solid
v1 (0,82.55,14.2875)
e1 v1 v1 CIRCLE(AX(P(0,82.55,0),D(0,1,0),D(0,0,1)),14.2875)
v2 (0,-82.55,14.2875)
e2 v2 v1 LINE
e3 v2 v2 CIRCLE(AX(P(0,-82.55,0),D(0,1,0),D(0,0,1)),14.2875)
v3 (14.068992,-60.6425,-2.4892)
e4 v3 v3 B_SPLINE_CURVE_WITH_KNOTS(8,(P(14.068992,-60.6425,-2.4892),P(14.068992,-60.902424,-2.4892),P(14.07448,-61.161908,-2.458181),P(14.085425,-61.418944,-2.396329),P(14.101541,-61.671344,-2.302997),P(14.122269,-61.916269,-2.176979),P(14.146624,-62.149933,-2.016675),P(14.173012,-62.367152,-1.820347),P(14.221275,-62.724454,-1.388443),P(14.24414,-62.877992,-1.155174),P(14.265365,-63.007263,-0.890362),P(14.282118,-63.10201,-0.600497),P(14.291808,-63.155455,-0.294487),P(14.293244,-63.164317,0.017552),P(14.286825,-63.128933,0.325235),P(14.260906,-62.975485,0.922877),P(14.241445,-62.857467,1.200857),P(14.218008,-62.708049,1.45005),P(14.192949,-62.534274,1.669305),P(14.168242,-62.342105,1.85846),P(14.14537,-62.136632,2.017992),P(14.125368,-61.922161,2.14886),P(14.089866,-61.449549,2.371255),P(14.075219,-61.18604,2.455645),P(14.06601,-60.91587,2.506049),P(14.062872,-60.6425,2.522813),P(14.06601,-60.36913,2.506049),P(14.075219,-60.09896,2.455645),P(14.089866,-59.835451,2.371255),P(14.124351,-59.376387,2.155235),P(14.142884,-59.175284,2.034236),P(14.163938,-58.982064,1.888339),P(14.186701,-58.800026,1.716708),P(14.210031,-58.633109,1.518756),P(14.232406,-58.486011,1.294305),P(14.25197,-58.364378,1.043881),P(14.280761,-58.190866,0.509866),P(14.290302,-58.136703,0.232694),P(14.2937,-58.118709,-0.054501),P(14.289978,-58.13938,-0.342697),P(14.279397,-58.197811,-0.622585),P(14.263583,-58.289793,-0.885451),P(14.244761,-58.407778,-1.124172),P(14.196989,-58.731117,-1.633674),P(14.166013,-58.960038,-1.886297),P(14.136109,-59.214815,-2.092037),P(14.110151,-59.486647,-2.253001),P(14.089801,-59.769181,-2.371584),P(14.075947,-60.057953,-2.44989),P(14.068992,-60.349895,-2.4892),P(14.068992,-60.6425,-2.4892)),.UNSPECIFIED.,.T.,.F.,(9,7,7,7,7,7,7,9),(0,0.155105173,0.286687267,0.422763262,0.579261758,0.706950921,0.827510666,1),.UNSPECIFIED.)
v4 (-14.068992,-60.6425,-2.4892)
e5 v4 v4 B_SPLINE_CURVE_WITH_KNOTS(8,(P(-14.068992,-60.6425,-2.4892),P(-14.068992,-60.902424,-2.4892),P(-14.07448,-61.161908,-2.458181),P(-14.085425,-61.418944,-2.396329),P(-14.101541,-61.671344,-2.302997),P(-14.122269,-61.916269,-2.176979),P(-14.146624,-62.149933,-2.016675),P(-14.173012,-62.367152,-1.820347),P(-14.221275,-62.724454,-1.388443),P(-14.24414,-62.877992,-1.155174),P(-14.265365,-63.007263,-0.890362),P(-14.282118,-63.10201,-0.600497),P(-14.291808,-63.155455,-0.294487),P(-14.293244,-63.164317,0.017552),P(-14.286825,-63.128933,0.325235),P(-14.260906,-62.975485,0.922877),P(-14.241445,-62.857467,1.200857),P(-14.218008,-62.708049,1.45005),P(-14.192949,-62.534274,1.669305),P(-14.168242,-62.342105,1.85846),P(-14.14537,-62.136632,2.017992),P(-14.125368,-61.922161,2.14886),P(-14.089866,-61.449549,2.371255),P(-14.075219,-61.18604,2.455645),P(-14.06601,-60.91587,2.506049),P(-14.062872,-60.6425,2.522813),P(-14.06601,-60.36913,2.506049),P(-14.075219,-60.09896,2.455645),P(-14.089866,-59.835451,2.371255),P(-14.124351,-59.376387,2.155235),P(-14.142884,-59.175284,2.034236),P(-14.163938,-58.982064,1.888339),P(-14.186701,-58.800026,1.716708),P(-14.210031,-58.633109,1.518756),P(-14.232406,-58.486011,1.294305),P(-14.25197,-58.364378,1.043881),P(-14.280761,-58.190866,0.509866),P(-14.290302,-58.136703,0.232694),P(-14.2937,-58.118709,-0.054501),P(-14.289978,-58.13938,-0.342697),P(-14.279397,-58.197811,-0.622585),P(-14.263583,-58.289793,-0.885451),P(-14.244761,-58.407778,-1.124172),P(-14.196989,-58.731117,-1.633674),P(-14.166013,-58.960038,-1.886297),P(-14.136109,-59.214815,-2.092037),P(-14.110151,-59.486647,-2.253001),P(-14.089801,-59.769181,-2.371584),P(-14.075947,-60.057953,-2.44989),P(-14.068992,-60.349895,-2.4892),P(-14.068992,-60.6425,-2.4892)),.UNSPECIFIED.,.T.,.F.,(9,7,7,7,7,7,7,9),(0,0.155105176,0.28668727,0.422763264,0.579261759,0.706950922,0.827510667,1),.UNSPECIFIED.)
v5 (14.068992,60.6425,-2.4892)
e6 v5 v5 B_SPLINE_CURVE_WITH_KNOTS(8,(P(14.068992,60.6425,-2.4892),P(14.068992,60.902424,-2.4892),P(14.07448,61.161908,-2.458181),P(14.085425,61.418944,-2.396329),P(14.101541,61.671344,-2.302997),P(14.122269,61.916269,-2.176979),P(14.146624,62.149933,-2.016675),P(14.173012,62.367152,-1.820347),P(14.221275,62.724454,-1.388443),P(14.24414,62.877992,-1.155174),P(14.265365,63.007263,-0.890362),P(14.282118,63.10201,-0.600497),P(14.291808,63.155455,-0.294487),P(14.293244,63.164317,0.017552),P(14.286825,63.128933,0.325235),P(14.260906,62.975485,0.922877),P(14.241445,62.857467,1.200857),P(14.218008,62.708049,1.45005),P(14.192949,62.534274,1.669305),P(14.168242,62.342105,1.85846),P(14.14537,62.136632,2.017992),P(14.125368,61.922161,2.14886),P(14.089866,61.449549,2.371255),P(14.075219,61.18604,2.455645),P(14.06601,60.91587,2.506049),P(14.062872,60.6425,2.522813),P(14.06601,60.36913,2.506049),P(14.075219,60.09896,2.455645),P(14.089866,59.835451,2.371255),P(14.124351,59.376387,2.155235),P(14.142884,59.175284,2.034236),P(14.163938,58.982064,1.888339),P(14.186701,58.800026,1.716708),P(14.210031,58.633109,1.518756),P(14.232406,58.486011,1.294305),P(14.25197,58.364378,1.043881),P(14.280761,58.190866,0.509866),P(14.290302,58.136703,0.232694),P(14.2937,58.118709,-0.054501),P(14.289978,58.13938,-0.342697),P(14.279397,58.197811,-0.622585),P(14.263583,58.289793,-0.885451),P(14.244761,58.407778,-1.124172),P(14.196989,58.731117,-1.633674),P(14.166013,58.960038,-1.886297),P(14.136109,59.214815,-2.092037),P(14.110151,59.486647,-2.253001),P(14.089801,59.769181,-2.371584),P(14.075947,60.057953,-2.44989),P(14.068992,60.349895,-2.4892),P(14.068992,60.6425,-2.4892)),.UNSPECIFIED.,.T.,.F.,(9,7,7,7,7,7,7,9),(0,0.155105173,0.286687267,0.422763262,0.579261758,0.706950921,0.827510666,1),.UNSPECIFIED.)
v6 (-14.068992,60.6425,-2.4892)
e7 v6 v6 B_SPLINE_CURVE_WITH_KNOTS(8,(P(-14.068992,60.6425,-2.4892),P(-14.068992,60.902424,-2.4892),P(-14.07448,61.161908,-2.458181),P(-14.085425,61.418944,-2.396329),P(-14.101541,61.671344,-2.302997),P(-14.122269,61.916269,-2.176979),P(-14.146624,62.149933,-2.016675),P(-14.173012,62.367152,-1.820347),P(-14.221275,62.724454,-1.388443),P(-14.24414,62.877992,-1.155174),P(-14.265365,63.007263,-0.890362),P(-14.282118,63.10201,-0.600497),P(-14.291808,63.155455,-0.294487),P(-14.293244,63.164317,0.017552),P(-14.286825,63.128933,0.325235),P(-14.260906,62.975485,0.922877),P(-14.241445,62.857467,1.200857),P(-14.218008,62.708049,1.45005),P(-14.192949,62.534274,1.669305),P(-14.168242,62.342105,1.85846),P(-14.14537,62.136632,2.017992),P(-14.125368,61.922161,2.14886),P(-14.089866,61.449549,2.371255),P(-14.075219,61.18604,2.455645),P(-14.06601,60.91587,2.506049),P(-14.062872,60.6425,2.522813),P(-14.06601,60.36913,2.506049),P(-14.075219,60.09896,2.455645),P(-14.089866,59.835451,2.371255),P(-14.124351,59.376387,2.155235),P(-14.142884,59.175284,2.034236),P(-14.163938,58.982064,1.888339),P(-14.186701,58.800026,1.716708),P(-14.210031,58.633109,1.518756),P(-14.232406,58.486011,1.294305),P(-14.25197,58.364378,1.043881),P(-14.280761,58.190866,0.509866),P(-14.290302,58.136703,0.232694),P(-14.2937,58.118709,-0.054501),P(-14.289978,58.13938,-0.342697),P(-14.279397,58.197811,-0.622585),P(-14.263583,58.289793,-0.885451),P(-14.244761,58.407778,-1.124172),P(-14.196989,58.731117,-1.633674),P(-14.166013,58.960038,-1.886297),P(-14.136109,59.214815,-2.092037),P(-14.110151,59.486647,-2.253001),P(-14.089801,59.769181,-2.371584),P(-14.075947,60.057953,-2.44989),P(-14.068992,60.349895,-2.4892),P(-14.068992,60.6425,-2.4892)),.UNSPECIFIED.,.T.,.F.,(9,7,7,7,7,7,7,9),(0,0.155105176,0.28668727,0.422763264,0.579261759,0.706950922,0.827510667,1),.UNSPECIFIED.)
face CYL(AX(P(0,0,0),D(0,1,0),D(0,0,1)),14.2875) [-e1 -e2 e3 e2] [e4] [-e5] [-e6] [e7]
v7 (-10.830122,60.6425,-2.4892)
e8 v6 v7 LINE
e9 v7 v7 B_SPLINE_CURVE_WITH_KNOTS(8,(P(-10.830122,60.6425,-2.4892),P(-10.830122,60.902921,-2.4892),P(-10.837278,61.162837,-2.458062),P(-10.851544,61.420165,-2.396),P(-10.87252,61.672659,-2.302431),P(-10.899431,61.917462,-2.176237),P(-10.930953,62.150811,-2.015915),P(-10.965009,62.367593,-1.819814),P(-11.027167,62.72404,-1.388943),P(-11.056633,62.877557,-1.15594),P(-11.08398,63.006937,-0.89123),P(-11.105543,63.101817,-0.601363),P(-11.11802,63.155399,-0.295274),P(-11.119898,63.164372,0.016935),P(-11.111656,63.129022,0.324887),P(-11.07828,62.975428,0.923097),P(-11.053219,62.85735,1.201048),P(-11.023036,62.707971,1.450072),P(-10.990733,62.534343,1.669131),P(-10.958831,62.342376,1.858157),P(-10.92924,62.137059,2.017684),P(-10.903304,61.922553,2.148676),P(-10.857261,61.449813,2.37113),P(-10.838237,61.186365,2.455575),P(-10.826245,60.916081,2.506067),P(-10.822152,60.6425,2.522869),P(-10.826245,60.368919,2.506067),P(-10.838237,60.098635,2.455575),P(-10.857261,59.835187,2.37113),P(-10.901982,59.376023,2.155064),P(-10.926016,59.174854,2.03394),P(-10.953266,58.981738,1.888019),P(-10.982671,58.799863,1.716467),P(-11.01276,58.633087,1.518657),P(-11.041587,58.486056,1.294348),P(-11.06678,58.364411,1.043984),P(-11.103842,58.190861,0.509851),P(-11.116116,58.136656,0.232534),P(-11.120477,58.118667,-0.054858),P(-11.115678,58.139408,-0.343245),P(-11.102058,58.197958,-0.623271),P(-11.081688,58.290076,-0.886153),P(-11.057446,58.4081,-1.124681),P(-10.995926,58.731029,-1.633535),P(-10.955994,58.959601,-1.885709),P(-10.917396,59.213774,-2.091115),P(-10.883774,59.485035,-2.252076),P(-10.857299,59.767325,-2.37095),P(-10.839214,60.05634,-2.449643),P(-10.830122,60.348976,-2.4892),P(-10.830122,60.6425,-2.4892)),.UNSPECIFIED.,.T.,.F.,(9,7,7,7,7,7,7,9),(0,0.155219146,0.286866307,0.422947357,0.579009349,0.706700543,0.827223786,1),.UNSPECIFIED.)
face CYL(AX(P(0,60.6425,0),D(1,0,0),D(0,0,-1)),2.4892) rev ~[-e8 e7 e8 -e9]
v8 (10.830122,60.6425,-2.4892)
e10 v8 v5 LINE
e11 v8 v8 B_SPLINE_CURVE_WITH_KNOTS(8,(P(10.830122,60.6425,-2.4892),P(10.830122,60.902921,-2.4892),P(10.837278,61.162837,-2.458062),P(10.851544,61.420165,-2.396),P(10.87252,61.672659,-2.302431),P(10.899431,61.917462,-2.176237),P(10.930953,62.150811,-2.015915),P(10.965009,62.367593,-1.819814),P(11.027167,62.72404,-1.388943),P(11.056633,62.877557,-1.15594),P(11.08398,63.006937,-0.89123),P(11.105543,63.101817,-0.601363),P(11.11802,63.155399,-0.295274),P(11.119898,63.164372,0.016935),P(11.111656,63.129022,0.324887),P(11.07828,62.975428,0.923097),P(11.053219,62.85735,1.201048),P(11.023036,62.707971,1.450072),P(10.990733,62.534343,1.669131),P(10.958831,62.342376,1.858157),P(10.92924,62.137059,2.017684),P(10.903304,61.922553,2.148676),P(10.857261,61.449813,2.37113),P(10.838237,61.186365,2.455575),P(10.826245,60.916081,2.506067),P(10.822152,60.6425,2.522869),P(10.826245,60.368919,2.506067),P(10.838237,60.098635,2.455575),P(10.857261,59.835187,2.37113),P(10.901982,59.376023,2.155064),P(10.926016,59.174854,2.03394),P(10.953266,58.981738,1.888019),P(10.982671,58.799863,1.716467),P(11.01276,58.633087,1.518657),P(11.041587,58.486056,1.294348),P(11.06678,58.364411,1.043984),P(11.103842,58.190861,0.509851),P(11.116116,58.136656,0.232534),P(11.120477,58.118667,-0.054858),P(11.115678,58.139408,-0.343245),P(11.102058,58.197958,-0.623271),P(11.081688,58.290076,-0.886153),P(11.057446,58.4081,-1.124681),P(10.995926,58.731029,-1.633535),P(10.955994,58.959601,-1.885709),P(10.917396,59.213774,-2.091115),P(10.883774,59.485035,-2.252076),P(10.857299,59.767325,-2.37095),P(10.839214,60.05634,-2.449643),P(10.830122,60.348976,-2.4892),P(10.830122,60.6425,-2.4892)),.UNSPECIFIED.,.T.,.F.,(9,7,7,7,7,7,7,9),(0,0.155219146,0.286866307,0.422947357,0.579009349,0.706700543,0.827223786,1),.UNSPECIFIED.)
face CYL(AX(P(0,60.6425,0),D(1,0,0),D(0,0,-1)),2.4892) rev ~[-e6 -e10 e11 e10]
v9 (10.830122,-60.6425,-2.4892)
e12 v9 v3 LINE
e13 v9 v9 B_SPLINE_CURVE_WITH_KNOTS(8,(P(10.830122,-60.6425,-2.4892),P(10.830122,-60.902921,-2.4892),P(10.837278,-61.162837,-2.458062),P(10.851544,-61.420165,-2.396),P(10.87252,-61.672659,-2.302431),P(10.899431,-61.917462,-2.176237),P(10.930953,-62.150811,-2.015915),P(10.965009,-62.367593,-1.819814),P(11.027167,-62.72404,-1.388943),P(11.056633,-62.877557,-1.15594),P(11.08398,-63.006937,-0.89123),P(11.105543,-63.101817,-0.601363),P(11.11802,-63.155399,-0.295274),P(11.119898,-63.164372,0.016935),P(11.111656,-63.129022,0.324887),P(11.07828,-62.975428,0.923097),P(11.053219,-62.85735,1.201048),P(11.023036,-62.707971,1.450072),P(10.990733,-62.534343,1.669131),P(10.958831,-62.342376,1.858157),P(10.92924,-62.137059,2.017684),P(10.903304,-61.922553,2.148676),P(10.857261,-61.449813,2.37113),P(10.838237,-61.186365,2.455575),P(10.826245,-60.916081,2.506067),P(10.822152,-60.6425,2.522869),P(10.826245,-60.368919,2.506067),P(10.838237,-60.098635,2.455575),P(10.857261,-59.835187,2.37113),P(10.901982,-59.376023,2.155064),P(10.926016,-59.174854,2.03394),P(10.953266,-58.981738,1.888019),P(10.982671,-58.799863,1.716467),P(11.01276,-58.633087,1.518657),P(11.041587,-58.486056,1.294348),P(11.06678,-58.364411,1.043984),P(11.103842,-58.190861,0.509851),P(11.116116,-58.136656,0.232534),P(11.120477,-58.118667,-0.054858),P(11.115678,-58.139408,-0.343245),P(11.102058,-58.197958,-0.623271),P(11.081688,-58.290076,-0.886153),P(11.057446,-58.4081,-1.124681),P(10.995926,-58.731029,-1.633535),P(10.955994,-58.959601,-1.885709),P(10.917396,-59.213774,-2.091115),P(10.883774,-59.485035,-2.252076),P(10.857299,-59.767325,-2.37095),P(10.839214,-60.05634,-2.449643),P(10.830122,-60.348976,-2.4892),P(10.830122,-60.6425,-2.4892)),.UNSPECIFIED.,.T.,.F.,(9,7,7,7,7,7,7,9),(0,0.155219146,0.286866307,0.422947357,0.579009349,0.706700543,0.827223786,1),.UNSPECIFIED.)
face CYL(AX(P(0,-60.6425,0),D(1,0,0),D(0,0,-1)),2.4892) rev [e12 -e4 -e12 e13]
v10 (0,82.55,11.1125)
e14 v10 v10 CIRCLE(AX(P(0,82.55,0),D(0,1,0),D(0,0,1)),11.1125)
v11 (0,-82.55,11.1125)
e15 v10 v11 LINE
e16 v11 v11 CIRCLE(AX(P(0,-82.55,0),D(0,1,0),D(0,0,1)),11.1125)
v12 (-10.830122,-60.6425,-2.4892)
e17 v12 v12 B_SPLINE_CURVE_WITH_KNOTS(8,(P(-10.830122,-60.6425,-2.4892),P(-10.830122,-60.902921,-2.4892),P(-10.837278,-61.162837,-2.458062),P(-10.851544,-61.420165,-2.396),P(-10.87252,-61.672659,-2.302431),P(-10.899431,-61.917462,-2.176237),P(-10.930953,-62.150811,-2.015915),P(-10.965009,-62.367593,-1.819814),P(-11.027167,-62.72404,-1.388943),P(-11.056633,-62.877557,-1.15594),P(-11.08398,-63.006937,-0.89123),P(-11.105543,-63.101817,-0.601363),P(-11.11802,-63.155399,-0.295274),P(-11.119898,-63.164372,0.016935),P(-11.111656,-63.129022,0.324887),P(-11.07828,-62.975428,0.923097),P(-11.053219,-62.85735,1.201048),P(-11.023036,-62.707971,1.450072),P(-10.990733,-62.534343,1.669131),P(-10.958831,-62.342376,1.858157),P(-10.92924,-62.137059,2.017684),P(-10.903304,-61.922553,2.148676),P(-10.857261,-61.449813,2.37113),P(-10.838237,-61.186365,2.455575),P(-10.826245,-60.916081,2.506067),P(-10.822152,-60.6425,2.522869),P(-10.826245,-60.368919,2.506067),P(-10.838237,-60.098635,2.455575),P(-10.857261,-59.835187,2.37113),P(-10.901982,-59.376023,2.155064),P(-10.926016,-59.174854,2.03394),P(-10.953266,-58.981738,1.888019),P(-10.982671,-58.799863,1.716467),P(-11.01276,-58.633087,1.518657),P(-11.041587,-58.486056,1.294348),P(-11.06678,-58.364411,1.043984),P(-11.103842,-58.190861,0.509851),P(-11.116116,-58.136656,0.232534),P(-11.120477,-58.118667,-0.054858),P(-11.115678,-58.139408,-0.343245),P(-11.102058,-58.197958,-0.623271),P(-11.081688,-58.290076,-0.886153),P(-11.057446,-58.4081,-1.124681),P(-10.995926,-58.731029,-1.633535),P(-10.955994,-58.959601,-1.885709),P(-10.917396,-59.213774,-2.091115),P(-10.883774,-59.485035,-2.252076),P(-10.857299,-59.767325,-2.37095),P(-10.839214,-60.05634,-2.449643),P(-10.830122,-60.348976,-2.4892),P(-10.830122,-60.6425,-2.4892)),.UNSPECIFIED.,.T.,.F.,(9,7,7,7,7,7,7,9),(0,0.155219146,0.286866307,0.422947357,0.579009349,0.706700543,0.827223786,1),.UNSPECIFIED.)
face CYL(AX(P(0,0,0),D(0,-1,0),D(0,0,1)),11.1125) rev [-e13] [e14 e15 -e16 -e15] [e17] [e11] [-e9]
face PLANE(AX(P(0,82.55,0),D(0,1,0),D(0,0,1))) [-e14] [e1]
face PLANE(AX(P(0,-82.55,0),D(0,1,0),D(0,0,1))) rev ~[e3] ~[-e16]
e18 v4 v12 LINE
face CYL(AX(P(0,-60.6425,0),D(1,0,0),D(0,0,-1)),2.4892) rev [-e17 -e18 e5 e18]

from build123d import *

# Parameters (mm, degrees)
SKETCH1_R           = 14.2875
SKETCH1_R_2         = 11.1125
BOSS_EXTRUDE1_DEPTH = 82.55
SKETCH2_R           = 2.4892
CUT_EXTRUDE1_DEPTH  = 85.986868471


with BuildPart() as part:
    # Sketch1 → Boss-Extrude1 (new, symmetric)
    with BuildSketch(Plane(origin=(0, 0, 0), x_dir=(1, 0, 0), z_dir=(0, 1, 0))):
        with Locations(Location((0, 0, 0), (0, 0, 270))):
            Circle(SKETCH1_R)
        with Locations(Location((0, 0, 0), (0, 0, 270))):
            Circle(SKETCH1_R_2, mode=Mode.SUBTRACT)
    extrude(amount=BOSS_EXTRUDE1_DEPTH, both=True)

    # Sketch2 → Cut-Extrude1 (cut, symmetric)
    with BuildSketch(Plane(origin=(0, 0, 0), x_dir=(0, 0, -1), z_dir=(1, 0, 0))):
        with Locations((0, 60.6425)):
            Circle(SKETCH2_R)
    cut_extrude1 = extrude(amount=CUT_EXTRUDE1_DEPTH, both=True, mode=Mode.SUBTRACT)

    # Mirror1: Cut-Extrude1 across plane
    add(cut_extrude1.mirror(Plane.ZX), mode=Mode.SUBTRACT)


solid = part.part
